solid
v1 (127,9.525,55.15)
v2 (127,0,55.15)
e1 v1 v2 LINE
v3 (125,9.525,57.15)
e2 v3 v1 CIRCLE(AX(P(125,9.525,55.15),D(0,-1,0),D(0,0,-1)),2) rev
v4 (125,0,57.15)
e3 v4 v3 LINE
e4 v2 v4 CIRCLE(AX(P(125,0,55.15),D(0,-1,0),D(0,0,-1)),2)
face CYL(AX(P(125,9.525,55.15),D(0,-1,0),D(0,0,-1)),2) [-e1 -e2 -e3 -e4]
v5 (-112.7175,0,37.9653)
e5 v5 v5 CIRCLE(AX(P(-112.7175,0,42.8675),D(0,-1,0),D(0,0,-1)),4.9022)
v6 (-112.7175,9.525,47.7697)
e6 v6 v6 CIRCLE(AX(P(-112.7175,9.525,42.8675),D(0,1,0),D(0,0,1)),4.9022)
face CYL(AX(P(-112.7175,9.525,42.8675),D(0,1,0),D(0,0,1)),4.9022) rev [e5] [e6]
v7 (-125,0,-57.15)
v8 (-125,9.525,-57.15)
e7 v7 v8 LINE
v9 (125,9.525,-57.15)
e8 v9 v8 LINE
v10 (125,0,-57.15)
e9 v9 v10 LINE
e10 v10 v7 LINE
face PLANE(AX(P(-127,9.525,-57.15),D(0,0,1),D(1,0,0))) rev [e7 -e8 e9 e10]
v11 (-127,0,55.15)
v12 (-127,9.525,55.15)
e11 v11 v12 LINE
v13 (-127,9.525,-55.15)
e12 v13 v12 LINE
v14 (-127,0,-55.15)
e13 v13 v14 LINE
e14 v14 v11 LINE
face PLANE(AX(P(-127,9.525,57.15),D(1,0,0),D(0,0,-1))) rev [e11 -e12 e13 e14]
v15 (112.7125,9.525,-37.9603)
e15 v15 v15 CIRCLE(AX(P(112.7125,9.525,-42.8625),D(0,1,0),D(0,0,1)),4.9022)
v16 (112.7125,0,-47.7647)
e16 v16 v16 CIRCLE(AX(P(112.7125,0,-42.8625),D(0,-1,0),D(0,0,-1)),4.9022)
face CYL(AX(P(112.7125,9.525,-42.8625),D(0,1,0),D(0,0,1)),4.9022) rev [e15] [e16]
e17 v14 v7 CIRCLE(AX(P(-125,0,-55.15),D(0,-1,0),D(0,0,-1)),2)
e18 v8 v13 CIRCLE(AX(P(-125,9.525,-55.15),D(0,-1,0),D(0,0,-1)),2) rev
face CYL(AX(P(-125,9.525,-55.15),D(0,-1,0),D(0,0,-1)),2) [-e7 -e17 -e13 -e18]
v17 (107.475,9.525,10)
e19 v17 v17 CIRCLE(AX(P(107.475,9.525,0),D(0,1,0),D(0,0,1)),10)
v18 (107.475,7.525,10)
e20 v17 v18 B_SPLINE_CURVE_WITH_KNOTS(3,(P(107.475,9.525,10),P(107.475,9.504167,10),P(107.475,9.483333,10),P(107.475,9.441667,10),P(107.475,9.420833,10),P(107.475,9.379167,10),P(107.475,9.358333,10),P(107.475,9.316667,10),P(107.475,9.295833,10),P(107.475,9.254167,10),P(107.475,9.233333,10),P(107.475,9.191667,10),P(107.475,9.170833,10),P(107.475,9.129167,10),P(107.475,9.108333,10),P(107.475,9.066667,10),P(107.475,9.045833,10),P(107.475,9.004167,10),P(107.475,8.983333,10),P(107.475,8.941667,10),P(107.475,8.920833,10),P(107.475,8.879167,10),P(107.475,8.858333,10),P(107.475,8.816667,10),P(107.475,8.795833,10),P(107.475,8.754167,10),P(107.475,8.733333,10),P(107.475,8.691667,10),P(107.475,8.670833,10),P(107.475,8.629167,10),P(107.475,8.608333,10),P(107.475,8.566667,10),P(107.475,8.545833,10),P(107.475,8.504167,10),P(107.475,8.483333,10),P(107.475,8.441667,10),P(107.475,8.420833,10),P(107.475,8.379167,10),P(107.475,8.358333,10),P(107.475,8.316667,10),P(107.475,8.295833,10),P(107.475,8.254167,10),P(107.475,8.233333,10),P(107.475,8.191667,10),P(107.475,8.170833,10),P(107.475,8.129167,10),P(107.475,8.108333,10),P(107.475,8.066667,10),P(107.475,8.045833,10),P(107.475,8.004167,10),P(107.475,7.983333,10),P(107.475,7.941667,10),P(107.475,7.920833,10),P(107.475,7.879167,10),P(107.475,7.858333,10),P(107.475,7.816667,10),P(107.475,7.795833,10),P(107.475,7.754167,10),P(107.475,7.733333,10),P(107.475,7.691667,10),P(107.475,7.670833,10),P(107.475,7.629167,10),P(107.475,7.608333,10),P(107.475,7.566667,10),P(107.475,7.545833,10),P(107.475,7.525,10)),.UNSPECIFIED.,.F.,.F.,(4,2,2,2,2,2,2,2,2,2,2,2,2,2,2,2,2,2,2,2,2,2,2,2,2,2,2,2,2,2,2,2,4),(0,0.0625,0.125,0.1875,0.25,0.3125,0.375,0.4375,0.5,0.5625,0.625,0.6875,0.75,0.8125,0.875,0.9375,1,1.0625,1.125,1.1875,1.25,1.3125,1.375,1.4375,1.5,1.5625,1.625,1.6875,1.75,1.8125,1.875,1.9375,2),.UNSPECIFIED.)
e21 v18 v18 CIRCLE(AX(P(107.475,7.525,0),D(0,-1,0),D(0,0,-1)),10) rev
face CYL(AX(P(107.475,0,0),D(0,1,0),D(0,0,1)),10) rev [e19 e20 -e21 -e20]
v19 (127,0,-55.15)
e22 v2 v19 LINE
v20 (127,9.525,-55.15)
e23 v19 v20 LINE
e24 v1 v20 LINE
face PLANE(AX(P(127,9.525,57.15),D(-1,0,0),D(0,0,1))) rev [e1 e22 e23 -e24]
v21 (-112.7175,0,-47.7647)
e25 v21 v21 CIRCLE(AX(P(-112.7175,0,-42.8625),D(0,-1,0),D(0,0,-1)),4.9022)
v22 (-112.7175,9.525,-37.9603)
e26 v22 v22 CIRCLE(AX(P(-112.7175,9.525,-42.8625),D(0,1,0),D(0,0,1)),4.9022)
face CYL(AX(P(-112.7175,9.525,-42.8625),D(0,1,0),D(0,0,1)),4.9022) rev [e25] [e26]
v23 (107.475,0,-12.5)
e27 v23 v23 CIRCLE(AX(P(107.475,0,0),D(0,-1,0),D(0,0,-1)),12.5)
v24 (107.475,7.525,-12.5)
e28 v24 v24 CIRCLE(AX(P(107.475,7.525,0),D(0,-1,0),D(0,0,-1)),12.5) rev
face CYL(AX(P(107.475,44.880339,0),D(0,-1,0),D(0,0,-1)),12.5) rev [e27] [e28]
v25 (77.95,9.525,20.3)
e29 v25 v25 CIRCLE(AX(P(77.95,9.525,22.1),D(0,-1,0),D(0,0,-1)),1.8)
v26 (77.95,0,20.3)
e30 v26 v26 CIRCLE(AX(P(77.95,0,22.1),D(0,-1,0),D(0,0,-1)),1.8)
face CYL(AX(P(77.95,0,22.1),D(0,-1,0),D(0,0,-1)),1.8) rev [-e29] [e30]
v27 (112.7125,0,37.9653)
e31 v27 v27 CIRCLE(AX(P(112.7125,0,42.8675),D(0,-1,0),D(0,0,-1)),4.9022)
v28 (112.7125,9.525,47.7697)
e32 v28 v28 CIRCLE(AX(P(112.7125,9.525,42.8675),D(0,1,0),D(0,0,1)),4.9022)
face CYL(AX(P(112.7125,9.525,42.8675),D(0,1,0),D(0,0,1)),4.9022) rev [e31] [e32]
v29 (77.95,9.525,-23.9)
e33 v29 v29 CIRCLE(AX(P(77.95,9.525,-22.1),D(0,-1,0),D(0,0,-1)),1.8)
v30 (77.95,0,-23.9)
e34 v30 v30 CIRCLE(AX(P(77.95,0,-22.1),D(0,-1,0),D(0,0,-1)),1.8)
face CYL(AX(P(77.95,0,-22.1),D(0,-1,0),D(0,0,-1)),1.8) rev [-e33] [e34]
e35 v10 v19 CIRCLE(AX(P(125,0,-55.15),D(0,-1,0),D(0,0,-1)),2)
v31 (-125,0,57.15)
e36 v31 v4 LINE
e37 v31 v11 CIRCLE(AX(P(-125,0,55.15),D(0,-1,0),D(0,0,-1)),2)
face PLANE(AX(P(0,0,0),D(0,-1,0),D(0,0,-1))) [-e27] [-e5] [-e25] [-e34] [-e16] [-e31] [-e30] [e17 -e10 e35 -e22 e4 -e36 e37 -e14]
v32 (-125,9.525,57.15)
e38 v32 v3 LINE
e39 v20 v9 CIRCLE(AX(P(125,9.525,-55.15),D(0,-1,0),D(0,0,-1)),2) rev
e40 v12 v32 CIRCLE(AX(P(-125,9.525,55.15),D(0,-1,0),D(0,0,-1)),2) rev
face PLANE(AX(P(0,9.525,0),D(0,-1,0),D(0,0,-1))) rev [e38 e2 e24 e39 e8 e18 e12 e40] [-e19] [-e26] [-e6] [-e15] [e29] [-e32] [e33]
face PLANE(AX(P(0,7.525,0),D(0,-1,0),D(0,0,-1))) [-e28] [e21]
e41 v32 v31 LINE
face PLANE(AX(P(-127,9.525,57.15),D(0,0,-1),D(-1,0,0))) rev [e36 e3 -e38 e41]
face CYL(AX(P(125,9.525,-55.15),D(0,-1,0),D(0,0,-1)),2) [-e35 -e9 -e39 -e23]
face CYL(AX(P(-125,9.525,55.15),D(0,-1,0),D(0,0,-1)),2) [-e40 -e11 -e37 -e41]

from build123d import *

# Parameters (mm, degrees)
SKETCH1_W                   = 254
SKETCH1_H                   = 114.3
BOSS_EXTRUDE1_DEPTH         = 9.525
SKETCH2_R                   = 10
CUT_EXTRUDE1_DEPTH          = 140.5917194
F_3_8_CLEARANCE_HOLE1_D     = 9.8044
F_3_8_CLEARANCE_HOLE1_DEPTH = 10
F_3_8_CLEARANCE_HOLE1_TIP   = 2.945538927
FILLET1_R                   = 2
M3_CLEARANCE_HOLE1_D        = 3.6
M3_CLEARANCE_HOLE1_DEPTH    = 10
M3_CLEARANCE_HOLE1_TIP      = 1.081549114
CUT_EXTRUDE2_START          = -7.525
SKETCH11_R                  = 12.5
SKETCH11_R_2                = 10
CUT_EXTRUDE2_DEPTH          = 7.525


with BuildPart() as part:
    # Sketch1 → Boss-Extrude1 (new body)
    with BuildSketch(Plane(origin=(0, 0, 0), x_dir=(1, 0, 0), z_dir=(0, 1, 0))):
        Rectangle(SKETCH1_W, SKETCH1_H)
    extrude(amount=BOSS_EXTRUDE1_DEPTH)

    # Sketch2 → Cut-Extrude1 (cut, through all)
    with BuildSketch(Plane(origin=(0, 9.525, 0), x_dir=(1, 0, 0), z_dir=(0, 1, 0))):
        with Locations(Location((107.475, 0, 0), (0, 0, 270))):
            Circle(SKETCH2_R)
    extrude(amount=-CUT_EXTRUDE1_DEPTH, mode=Mode.SUBTRACT)

    # 3/8 Clearance Hole1
    with Locations(Plane(origin=(0, 9.525, 0), x_dir=(1, 0, 0), z_dir=(0, 1, 0))):
        with Locations((112.7125, 42.8625), (112.7125, -42.8675), (-112.7175, -42.8675), (-112.7175, 42.8625)):
            Hole(F_3_8_CLEARANCE_HOLE1_D / 2, depth=F_3_8_CLEARANCE_HOLE1_DEPTH)
            with Locations((0, 0, -(F_3_8_CLEARANCE_HOLE1_DEPTH + F_3_8_CLEARANCE_HOLE1_TIP / 2))):  # 118° drill point
                Cone(0, F_3_8_CLEARANCE_HOLE1_D / 2, F_3_8_CLEARANCE_HOLE1_TIP, mode=Mode.SUBTRACT)

    # Fillet1
    fillet1_edges = [part.edges().sort_by_distance(p)[0] for p in [
        (127, 4.7625, 57.15),
        (-127, 4.7625, 57.15),
        (-127, 4.7625, -57.15),
        (127, 4.7625, -57.15),
    ]]
    fillet(fillet1_edges, radius=FILLET1_R)

    # M3 Clearance Hole1
    with Locations(Plane.XZ):
        with Locations((77.95, 22.1), (77.95, -22.1)):
            Hole(M3_CLEARANCE_HOLE1_D / 2, depth=M3_CLEARANCE_HOLE1_DEPTH)
            with Locations((0, 0, -(M3_CLEARANCE_HOLE1_DEPTH + M3_CLEARANCE_HOLE1_TIP / 2))):  # 118° drill point
                Cone(0, M3_CLEARANCE_HOLE1_D / 2, M3_CLEARANCE_HOLE1_TIP, mode=Mode.SUBTRACT)

    # Sketch11 → Cut-Extrude2 (cut)
    with BuildSketch(Plane.XZ.offset(CUT_EXTRUDE2_START)):
        with Locations(Location((107.475, 0, 0), (0, 0, 270))):
            Circle(SKETCH11_R)
        with Locations(Location((107.475, 0, 0), (0, 0, 90))):
            Circle(SKETCH11_R_2, mode=Mode.SUBTRACT)
    extrude(amount=CUT_EXTRUDE2_DEPTH, mode=Mode.SUBTRACT)


solid = part.part
